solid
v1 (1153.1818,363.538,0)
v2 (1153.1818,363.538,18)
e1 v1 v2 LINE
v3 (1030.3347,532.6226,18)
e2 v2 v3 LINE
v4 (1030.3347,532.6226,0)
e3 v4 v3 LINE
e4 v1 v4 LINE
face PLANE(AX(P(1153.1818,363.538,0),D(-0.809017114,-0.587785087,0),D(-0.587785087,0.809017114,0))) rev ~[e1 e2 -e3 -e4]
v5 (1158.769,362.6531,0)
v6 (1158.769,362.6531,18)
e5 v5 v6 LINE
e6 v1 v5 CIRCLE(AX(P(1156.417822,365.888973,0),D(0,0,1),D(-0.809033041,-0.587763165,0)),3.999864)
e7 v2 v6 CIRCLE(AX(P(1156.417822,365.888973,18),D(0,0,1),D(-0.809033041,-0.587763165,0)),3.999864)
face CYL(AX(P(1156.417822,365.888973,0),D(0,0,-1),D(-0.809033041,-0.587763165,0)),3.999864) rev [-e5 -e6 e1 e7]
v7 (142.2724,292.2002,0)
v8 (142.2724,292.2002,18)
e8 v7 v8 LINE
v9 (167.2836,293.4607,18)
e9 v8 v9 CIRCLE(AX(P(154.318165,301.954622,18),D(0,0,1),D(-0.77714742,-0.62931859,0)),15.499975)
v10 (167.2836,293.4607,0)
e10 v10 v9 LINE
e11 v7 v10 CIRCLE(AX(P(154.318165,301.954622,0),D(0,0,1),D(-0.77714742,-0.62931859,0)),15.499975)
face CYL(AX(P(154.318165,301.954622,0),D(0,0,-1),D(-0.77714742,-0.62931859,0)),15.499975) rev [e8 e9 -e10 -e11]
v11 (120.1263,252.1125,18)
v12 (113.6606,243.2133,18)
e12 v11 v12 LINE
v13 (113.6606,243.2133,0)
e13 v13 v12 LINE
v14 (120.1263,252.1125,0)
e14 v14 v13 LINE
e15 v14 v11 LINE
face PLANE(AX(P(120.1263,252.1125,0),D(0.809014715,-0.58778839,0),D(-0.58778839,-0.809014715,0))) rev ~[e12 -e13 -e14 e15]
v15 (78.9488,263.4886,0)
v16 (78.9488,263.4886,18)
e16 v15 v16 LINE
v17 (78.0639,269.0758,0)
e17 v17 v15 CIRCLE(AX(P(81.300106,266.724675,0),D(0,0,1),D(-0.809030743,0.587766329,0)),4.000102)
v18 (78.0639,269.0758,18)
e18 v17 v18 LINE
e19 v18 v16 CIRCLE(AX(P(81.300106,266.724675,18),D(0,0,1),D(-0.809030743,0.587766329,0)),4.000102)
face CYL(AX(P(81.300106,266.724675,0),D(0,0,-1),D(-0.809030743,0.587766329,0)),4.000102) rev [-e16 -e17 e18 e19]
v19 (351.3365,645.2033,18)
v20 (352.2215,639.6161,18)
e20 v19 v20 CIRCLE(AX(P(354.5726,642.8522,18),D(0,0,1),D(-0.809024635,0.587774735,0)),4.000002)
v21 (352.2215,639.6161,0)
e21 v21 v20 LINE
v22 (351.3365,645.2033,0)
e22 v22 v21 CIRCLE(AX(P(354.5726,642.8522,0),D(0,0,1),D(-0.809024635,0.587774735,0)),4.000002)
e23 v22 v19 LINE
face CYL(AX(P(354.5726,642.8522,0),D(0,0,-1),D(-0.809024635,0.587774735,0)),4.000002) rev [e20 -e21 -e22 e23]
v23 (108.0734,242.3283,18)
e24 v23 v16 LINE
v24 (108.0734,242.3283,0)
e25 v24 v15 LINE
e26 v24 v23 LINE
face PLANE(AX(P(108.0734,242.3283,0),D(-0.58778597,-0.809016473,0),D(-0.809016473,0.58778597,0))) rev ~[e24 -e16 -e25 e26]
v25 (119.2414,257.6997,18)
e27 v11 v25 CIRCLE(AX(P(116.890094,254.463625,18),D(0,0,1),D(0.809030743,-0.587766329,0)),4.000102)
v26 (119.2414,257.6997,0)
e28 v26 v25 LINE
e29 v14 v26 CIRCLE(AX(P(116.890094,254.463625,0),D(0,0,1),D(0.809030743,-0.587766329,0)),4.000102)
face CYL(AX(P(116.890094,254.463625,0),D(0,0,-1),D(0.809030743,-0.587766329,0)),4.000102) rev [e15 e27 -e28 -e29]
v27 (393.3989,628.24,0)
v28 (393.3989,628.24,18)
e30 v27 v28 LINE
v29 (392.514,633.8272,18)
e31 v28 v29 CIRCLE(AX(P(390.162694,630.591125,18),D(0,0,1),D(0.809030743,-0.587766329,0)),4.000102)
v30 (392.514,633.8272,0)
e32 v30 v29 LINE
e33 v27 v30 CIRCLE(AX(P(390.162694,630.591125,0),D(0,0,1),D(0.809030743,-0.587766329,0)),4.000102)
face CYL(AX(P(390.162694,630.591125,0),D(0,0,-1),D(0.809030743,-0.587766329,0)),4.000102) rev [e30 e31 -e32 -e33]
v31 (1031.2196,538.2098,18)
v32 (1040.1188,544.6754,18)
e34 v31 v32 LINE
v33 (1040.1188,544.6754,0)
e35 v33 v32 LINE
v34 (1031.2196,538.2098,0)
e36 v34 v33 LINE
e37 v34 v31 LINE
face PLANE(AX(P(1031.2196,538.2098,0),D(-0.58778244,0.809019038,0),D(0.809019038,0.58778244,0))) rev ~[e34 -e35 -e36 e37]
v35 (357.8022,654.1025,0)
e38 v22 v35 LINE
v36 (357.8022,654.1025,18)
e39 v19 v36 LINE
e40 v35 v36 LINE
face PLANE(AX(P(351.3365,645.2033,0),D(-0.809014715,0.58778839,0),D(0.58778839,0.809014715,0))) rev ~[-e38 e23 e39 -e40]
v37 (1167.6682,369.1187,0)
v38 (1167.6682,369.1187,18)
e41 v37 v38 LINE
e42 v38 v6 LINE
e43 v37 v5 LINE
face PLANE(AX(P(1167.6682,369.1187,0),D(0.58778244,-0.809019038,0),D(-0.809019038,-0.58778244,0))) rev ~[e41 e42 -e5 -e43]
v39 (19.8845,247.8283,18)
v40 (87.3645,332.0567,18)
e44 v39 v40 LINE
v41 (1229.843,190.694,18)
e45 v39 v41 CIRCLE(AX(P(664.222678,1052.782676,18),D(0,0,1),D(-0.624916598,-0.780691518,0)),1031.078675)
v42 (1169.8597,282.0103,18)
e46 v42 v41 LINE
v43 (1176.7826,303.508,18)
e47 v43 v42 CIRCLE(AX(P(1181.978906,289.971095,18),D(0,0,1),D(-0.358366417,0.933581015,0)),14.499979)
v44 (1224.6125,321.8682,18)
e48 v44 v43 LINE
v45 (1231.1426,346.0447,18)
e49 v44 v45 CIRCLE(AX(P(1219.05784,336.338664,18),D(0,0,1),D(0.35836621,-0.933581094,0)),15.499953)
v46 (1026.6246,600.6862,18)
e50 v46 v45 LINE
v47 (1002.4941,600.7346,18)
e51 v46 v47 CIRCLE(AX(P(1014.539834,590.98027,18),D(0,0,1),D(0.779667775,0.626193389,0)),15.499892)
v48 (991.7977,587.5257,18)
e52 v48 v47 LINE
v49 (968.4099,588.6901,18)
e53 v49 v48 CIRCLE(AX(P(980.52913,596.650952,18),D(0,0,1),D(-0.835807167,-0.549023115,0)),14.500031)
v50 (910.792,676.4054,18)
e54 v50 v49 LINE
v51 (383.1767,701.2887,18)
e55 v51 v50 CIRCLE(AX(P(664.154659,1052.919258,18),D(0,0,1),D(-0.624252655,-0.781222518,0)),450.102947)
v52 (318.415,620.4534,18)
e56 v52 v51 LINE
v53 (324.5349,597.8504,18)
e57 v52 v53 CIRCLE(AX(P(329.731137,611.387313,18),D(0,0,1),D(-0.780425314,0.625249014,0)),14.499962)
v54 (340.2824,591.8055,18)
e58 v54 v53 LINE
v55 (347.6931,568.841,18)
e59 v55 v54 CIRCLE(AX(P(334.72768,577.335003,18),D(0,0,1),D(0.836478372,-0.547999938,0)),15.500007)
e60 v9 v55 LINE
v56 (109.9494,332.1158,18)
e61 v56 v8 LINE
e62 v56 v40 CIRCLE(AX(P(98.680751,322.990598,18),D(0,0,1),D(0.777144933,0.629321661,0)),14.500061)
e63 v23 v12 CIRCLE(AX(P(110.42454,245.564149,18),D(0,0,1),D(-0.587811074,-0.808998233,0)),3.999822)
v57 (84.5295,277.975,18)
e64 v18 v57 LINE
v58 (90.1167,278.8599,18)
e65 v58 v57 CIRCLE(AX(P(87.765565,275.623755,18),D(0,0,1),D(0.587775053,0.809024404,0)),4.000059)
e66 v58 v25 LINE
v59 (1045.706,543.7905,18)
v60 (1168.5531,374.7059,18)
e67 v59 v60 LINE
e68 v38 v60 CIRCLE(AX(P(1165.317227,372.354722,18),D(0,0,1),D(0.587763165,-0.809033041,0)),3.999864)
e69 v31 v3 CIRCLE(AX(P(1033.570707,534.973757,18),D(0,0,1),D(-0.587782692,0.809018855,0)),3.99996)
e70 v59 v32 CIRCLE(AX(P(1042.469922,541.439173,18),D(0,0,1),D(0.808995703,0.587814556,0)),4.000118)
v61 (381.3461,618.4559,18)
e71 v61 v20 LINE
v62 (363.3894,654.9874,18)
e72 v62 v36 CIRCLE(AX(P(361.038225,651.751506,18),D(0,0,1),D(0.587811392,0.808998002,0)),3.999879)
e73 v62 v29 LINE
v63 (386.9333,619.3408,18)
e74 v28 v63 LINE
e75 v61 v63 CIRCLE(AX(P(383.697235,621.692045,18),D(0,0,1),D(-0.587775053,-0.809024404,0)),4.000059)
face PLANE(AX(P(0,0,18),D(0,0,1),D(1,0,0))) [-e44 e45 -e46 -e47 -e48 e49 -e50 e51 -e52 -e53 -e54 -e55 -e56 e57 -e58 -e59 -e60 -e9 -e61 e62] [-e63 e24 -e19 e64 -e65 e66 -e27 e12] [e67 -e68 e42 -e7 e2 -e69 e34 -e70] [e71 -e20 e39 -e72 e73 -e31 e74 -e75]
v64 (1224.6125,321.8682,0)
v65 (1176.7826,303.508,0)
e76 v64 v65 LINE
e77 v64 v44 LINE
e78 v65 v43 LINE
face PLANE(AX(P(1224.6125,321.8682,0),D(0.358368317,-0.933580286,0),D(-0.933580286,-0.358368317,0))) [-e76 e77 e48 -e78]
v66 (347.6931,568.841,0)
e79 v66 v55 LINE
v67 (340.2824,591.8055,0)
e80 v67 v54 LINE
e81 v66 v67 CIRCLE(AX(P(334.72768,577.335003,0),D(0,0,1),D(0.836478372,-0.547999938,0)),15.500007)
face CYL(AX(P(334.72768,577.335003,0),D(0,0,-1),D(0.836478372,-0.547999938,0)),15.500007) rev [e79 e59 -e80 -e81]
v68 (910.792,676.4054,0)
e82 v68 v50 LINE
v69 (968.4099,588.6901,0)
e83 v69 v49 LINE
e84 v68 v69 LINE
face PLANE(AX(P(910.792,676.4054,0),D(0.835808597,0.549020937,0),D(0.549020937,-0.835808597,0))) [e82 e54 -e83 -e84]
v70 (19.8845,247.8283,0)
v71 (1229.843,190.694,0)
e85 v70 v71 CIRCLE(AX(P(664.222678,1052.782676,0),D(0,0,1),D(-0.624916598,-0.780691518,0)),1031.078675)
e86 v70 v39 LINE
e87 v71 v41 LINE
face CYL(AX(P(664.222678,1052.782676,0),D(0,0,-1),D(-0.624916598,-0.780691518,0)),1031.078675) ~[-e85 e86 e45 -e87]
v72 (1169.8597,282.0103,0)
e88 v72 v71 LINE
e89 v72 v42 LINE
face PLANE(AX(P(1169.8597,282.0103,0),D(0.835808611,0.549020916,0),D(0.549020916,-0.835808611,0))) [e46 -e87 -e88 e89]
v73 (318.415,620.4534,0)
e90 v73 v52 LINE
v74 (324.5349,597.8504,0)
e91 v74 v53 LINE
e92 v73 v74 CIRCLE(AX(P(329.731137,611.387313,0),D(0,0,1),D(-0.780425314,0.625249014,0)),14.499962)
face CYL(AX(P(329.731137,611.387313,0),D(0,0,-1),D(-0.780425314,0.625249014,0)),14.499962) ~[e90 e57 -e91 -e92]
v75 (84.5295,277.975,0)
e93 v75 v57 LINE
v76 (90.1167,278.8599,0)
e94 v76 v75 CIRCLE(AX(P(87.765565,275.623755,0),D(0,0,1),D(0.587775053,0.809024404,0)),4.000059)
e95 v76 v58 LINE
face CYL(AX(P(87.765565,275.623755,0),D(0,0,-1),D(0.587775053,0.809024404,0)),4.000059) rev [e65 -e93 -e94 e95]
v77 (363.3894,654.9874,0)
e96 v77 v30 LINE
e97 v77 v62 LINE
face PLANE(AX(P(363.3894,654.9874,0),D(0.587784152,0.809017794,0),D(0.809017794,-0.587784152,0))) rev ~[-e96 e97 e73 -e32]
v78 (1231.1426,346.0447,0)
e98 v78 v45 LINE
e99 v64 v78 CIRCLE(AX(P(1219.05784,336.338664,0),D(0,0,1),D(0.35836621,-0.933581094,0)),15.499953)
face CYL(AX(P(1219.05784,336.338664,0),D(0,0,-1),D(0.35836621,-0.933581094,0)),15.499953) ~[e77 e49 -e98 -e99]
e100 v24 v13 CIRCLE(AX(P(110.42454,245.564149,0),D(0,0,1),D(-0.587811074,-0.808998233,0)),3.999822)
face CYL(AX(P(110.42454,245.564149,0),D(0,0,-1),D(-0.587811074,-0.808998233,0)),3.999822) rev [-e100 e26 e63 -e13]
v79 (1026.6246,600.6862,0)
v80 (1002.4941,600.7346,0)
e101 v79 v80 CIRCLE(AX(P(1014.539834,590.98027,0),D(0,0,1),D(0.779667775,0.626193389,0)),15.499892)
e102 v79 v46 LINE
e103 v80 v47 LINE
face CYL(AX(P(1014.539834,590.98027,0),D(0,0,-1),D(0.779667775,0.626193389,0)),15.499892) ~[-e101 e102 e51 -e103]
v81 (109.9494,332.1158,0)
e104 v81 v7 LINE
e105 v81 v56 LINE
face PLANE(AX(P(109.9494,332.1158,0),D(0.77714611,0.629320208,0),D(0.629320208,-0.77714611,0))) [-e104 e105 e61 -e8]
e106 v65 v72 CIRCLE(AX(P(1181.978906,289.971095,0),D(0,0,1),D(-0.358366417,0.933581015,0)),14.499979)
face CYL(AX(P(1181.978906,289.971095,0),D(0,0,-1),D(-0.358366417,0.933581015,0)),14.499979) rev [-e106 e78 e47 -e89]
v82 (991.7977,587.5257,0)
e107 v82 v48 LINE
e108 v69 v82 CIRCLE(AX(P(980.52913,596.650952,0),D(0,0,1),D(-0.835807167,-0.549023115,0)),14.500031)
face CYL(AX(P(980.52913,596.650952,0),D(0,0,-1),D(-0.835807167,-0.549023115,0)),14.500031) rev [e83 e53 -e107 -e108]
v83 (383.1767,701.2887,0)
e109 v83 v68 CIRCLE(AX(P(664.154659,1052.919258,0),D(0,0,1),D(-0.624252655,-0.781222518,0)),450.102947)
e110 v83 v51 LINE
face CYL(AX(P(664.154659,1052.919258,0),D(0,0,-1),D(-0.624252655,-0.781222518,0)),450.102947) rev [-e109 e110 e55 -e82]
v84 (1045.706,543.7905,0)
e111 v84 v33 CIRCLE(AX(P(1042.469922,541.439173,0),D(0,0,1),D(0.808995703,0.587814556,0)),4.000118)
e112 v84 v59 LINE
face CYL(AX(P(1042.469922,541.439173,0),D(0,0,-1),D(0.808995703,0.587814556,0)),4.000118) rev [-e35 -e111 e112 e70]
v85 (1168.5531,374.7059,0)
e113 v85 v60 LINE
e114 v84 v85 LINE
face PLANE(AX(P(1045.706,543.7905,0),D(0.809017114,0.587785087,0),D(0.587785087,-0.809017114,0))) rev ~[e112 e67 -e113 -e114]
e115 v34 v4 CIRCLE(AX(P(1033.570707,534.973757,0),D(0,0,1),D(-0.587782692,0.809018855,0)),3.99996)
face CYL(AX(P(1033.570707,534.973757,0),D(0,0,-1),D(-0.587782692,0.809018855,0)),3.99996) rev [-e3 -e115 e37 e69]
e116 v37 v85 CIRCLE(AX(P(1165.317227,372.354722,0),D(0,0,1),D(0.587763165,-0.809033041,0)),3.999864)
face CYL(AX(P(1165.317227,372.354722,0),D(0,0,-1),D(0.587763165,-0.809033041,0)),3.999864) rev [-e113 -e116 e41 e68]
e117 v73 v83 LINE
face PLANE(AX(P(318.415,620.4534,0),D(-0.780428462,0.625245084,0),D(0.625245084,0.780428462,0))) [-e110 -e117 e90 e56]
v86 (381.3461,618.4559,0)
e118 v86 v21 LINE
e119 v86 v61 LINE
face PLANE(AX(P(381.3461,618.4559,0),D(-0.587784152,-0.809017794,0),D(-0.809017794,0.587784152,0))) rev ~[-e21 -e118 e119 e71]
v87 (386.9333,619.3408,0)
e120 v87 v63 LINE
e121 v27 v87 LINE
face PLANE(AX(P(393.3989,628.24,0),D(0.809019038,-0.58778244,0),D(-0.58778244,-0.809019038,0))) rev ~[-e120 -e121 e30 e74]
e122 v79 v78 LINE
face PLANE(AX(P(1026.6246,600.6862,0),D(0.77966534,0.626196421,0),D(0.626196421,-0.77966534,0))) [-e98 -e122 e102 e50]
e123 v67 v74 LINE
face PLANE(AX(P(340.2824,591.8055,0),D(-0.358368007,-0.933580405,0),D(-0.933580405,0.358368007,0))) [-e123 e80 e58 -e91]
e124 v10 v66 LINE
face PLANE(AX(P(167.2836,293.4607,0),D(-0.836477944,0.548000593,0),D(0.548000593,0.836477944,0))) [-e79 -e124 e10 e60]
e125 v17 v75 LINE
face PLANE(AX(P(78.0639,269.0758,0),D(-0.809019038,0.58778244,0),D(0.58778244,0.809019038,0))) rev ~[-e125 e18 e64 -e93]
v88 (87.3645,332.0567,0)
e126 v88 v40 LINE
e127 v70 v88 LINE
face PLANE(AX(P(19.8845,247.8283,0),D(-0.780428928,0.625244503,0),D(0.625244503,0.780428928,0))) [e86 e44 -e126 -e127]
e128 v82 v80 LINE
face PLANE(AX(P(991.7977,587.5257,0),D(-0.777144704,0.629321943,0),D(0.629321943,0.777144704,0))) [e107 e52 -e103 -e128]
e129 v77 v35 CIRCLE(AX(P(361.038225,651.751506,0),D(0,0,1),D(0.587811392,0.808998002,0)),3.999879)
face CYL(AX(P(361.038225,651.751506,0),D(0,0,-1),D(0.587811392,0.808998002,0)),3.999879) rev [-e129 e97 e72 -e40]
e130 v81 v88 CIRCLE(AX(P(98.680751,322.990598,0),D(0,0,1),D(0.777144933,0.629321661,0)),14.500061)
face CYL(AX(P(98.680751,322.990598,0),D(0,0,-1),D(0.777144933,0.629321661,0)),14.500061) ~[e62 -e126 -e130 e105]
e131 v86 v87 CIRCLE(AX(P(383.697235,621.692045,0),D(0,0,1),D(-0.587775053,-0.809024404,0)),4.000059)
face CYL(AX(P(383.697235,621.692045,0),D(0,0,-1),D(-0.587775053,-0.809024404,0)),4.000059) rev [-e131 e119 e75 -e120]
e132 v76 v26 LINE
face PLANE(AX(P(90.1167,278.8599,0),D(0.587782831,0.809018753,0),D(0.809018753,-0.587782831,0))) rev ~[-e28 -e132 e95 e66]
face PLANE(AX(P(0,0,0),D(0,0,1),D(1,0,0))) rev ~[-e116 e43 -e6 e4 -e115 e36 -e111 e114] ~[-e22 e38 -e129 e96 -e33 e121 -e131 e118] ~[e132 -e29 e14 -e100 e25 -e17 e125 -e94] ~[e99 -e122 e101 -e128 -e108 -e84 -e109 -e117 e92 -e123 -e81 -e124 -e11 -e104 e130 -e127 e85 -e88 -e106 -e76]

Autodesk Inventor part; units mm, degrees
ref_plane "YZ Plane" through (0, 0, 0) normal (1, 0, 0) x (0, 1, 0)
ref_plane "XZ Plane" through (0, 0, 0) normal (0, 1, 0) x (-1, 0, 0)
ref_plane "XY Plane" through (0, 0, 0) normal (0, 0, 1) x (1, 0, 0)
sketch "CONTOURS" plane through (0, 0, 0) normal (0, 0, 1) x (1, 0, 0)
  arc A0 (968.4099, 588.6901) -> (991.7977, 587.5257) centre (980.5291, 596.6509) ccw
  line L0 (991.7977, 587.5257) -> (1002.4941, 600.7346)
  arc A1 (1026.6246, 600.6862) -> (1002.4941, 600.7346) centre (1014.5398, 590.9802) ccw
  line L1 (1026.6246, 600.6862) -> (1231.1426, 346.0447)
  arc A2 (1224.6125, 321.8682) -> (1231.1426, 346.0447) centre (1219.0578, 336.3387) ccw
  line L2 (1224.6125, 321.8682) -> (1176.7826, 303.508)
  arc A3 (1176.7826, 303.508) -> (1169.8597, 282.0103) centre (1181.9789, 289.9711) ccw
  line L3 (1169.8597, 282.0103) -> (1229.843, 190.694)
  arc A4 (19.8845, 247.8283) -> (1229.843, 190.694) centre (664.2228, 1052.783) ccw
  line L4 (19.8845, 247.8283) -> (87.3645, 332.0567)
  arc A5 (109.9494, 332.1158) -> (87.3645, 332.0567) centre (98.6808, 322.9907) ccw
  line L5 (109.9494, 332.1158) -> (142.2724, 292.2002)
  arc A6 (142.2724, 292.2002) -> (167.2836, 293.4607) centre (154.3182, 301.9547) ccw
  line L6 (167.2836, 293.4607) -> (347.6931, 568.841)
  arc A7 (347.6931, 568.841) -> (340.2824, 591.8055) centre (334.7277, 577.335) ccw
  line L7 (340.2824, 591.8055) -> (324.5349, 597.8504)
  arc A8 (318.415, 620.4534) -> (324.5349, 597.8504) centre (329.7312, 611.3873) ccw
  line L8 (318.415, 620.4534) -> (383.1767, 701.2887)
  arc A9 (383.1767, 701.2887) -> (910.792, 676.4054) centre (664.1546, 1052.9191) ccw
  line L9 (910.792, 676.4054) -> (968.4099, 588.6901)
sketch "HOLES" plane through (0, 0, 0) normal (0, 0, 1) x (1, 0, 0)
  arc A0 (351.3365, 645.2033) -> (352.2215, 639.6161) centre (354.5726, 642.8522) ccw
  line L0 (120.1263, 252.1125) -> (113.6606, 243.2133)
  arc A1 (108.0734, 242.3283) -> (113.6606, 243.2133) centre (110.4246, 245.5644) ccw
  line L1 (108.0734, 242.3283) -> (78.9488, 263.4886)
  arc A2 (78.0639, 269.0758) -> (78.9488, 263.4886) centre (81.3, 266.7247) ccw
  line L2 (78.0639, 269.0758) -> (84.5295, 277.975)
  arc A3 (90.1167, 278.8599) -> (84.5295, 277.975) centre (87.7656, 275.6239) ccw
  line L3 (90.1167, 278.8599) -> (119.2414, 257.6997)
  arc A4 (120.1263, 252.1125) -> (119.2414, 257.6997) centre (116.8902, 254.4636) ccw
  line L4 (381.3461, 618.4559) -> (352.2215, 639.6161)
  line L5 (351.3365, 645.2033) -> (357.8022, 654.1025)
  arc A5 (363.3894, 654.9874) -> (357.8022, 654.1025) centre (361.0382, 651.7514) ccw
  line L6 (363.3894, 654.9874) -> (392.514, 633.8272)
  arc A6 (393.3989, 628.24) -> (392.514, 633.8272) centre (390.1628, 630.5911) ccw
  line L7 (393.3989, 628.24) -> (386.9333, 619.3408)
  arc A7 (381.3461, 618.4559) -> (386.9333, 619.3408) centre (383.6972, 621.6919) ccw
  line L8 (1031.2196, 538.2098) -> (1040.1188, 544.6754)
  arc A8 (1045.706, 543.7905) -> (1040.1188, 544.6754) centre (1042.47, 541.4393) ccw
  line L9 (1045.706, 543.7905) -> (1168.5531, 374.7059)
  arc A9 (1167.6682, 369.1187) -> (1168.5531, 374.7059) centre (1165.3171, 372.3548) ccw
  line L10 (1167.6682, 369.1187) -> (1158.769, 362.6531)
  arc A10 (1153.1818, 363.538) -> (1158.769, 362.6531) centre (1156.4179, 365.8891) ccw
  line L11 (1153.1818, 363.538) -> (1030.3347, 532.6226)
  arc A11 (1031.2196, 538.2098) -> (1030.3347, 532.6226) centre (1033.5708, 534.9737) ccw
sketch "LETTERS" plane through (0, 0, 0) normal (0, 0, 1) x (1, 0, 0)
  line L0 (330.7596, 399.6732) -> (317.8052, 406.5947)
  line L1 (317.8052, 406.5947) -> (313.241, 398.0522)
  line L2 (313.241, 398.0522) -> (308.4708, 389.1241)
  line L3 (313.2079, 398.0531) -> (322.6164, 393.0261)
extrude "Extrusion1" add sketch "CONTOURS" along normal blind 18
extrude "Extrusion2" cut sketch "HOLES" along normal blind 18
properties part number "Platform F2" material "Wood (Birch)"
